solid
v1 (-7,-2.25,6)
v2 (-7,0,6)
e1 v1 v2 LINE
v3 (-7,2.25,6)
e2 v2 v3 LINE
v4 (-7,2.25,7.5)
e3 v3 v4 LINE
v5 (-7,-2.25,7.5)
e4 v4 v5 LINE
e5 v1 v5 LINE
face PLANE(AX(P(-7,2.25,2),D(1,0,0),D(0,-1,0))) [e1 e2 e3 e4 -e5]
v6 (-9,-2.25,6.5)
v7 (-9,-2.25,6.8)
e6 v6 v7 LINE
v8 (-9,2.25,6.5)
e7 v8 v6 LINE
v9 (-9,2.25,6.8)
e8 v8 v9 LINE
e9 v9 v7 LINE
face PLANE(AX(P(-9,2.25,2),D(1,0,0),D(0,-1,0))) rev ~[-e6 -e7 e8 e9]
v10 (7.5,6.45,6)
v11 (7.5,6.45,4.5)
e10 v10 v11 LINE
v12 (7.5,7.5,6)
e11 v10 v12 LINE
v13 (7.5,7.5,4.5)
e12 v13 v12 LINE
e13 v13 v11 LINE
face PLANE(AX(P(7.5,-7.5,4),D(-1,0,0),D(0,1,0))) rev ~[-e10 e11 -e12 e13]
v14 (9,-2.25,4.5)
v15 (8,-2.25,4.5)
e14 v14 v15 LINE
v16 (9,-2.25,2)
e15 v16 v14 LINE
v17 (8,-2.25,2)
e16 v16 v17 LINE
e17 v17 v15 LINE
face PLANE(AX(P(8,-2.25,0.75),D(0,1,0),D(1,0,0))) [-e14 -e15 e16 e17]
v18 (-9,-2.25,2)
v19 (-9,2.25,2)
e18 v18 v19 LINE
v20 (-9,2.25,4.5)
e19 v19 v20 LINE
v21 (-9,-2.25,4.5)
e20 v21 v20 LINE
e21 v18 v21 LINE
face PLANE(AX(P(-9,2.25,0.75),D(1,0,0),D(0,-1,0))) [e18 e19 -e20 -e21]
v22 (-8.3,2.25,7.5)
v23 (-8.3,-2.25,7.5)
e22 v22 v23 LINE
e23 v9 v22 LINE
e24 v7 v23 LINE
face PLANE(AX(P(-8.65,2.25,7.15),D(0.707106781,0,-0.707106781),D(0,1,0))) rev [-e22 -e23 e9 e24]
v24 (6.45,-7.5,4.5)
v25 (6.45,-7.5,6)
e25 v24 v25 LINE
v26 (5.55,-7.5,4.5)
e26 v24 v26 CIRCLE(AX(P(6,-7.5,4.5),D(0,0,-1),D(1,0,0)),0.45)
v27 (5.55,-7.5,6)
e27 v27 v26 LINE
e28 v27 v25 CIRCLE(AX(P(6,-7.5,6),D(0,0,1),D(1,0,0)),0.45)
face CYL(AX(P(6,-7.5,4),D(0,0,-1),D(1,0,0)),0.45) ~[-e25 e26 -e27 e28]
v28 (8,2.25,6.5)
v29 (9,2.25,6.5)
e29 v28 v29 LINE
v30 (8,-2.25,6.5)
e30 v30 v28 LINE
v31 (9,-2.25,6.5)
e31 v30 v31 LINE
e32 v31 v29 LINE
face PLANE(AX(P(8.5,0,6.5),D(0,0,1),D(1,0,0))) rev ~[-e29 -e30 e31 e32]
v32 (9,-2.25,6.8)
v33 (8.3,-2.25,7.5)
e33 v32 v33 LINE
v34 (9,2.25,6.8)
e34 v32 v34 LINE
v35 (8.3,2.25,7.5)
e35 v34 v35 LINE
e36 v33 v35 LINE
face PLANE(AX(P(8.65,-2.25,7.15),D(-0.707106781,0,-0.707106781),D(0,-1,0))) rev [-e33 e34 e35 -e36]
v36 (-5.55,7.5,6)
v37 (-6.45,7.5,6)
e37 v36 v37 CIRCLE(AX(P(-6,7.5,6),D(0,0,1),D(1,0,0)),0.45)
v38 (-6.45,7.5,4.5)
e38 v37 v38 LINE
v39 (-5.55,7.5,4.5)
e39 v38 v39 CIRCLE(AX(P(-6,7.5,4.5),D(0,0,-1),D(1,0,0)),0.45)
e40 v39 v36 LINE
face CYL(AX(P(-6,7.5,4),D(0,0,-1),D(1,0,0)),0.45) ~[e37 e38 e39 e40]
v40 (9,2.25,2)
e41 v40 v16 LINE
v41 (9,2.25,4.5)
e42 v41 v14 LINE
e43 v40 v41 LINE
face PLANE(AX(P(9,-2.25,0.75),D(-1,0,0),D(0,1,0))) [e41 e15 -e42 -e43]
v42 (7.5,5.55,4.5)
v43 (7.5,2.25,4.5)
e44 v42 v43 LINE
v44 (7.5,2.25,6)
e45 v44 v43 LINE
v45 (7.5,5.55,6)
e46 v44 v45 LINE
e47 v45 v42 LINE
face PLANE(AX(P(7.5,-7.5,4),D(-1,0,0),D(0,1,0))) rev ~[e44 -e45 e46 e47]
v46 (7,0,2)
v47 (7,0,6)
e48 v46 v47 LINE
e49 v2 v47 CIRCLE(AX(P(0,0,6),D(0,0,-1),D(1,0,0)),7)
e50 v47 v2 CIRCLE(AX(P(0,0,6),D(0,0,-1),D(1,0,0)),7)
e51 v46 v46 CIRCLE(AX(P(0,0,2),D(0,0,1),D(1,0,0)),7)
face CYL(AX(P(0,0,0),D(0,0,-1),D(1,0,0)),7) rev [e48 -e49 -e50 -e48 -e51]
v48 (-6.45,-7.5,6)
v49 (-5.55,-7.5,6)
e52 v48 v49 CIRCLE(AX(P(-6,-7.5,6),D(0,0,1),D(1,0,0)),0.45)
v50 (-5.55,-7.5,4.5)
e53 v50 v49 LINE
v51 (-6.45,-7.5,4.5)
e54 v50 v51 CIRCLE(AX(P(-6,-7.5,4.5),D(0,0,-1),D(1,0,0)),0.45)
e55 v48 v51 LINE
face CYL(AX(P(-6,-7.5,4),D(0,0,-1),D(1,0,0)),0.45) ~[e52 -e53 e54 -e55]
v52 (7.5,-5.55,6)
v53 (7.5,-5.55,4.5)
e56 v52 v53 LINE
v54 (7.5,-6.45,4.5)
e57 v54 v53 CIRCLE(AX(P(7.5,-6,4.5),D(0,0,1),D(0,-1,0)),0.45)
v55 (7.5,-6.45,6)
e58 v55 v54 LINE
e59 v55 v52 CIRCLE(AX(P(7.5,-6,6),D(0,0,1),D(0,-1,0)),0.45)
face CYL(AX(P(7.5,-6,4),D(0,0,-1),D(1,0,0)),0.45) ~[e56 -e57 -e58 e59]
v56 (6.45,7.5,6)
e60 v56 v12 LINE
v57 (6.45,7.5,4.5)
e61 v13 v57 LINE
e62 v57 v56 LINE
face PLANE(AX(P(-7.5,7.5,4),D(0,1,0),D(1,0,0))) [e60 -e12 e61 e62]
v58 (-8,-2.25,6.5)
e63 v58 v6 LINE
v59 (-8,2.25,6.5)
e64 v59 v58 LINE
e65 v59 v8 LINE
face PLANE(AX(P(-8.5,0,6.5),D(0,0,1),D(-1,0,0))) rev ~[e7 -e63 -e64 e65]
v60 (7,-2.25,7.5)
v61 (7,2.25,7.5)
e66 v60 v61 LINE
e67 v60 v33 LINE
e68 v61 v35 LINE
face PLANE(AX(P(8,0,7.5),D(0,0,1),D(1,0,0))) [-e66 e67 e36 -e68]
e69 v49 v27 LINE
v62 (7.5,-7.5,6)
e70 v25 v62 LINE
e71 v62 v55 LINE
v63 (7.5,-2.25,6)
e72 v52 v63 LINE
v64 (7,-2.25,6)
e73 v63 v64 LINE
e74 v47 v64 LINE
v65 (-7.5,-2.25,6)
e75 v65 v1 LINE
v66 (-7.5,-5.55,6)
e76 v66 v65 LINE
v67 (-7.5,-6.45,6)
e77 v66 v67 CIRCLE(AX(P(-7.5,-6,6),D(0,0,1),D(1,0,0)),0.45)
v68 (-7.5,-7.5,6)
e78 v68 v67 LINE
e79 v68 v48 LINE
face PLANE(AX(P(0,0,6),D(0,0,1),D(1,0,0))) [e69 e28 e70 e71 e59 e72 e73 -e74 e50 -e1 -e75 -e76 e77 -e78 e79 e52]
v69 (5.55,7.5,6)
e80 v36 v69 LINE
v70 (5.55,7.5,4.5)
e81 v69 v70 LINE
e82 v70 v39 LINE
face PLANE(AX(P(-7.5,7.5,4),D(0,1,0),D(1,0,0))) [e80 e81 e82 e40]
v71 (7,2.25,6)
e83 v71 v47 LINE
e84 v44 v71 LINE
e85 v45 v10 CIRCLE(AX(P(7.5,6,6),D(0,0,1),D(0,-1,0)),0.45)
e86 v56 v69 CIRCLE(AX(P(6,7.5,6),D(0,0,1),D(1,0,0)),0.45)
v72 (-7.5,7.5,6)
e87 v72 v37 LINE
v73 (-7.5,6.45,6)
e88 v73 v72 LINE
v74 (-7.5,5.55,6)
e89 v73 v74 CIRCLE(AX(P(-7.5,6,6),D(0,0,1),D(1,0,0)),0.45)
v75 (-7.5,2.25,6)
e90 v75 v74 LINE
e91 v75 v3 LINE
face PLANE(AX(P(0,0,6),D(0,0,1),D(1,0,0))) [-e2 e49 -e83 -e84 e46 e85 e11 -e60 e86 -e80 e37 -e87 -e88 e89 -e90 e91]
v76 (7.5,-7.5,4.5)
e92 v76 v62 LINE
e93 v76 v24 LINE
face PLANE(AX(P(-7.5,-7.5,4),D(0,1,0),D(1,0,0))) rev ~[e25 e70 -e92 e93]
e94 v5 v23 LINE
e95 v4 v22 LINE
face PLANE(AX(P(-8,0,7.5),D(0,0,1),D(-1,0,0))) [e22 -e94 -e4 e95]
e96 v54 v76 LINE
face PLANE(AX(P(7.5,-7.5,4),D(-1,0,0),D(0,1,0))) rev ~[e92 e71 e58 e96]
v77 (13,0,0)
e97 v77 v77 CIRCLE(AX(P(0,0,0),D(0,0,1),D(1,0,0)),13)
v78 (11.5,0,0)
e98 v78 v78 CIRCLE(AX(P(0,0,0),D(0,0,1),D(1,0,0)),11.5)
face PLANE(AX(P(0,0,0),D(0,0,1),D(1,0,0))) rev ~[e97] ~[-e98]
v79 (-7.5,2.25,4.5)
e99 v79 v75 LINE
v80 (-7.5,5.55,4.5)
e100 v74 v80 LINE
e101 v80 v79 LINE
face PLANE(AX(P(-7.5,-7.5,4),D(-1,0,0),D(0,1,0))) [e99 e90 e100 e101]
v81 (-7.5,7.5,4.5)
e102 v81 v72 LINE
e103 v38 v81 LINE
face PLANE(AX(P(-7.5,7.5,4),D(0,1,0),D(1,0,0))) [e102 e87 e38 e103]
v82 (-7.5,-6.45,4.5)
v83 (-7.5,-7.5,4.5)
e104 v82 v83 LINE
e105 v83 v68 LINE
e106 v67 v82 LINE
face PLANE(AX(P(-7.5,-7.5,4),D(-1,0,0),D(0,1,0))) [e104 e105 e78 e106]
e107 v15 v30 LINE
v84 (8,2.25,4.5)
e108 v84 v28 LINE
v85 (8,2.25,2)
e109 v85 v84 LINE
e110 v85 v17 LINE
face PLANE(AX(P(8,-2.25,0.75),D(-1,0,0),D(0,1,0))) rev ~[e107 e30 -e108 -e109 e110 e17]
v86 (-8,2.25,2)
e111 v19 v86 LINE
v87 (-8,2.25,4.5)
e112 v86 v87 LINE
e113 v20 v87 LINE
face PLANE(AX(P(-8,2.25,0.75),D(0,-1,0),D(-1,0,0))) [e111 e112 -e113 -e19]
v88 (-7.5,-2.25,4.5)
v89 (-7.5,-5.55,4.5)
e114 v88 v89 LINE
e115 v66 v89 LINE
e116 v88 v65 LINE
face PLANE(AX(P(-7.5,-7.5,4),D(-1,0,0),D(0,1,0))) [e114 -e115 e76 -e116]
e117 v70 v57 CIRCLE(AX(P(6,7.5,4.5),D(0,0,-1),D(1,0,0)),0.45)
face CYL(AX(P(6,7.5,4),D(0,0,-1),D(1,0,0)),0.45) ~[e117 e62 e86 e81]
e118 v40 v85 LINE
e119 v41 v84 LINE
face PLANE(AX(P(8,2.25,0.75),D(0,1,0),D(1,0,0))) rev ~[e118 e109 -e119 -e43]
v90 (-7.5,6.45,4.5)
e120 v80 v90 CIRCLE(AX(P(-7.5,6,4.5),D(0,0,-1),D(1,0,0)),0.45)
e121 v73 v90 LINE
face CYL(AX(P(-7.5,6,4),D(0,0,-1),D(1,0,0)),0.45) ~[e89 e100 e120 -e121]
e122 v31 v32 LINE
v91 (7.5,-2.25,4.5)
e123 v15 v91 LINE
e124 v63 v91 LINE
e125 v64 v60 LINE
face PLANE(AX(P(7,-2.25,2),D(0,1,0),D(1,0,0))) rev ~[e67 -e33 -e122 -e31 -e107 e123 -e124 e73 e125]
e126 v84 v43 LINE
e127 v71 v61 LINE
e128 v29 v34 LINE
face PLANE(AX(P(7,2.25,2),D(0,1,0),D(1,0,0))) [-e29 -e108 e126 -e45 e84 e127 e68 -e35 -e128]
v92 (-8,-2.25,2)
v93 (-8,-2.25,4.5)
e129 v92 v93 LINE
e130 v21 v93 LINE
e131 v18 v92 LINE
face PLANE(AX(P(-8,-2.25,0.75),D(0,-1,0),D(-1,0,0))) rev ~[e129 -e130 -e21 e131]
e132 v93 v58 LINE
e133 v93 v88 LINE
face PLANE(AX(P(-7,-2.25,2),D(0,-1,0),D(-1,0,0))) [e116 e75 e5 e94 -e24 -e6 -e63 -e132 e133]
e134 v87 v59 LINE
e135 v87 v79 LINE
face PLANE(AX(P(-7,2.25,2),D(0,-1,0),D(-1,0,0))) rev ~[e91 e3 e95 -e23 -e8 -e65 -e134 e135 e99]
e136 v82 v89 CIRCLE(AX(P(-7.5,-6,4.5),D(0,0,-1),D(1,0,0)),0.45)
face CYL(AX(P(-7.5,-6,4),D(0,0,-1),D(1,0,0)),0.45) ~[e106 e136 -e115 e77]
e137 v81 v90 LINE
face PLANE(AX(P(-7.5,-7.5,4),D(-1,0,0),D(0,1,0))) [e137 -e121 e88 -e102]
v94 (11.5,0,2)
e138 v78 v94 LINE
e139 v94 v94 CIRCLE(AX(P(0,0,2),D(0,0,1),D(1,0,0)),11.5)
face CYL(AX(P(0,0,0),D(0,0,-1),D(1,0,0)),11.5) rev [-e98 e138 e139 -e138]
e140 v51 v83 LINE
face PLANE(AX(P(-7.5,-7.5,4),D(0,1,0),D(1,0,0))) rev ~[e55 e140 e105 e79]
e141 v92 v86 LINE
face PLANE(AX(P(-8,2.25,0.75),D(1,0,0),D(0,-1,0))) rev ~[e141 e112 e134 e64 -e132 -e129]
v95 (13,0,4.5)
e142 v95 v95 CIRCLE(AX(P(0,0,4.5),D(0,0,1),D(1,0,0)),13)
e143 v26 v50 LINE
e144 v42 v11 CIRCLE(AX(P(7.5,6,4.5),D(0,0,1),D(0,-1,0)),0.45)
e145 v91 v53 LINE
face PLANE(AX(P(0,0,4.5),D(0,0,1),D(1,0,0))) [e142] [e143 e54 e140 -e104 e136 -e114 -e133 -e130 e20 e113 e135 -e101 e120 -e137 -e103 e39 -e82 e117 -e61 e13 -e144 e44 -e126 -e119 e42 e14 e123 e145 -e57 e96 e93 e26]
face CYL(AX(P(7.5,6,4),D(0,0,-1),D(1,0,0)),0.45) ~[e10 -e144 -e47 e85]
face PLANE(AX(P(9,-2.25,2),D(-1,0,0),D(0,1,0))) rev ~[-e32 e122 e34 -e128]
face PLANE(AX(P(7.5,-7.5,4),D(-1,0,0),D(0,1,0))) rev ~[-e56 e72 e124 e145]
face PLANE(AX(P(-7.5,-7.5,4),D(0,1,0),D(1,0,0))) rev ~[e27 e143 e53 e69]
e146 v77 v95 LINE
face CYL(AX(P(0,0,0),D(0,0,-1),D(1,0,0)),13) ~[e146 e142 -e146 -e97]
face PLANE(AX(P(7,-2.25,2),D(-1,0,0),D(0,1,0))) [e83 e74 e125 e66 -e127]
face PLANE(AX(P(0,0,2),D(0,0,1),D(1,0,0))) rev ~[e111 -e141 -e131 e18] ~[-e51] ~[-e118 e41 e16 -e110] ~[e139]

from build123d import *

# Parameters (mm, degrees)
BOX002_W          = 1
BOX002_H          = 4.5
BOX002_DEPTH      = 5.75
ARRAY001_COUNT    = 2
BOX001_W          = 2
BOX001_H          = 4.5
BOX001_DEPTH      = 5.5
ARRAY_COUNT       = 2
CYLINDER003_R     = 0.45
CYLINDER003_DEPTH = 2
CYLINDER004_R     = 0.45
CYLINDER004_DEPTH = 2
CYLINDER005_R     = 0.45
CYLINDER005_DEPTH = 2
CYLINDER006_R     = 0.45
CYLINDER006_DEPTH = 2
CYLINDER007_R     = 0.45
CYLINDER007_DEPTH = 2
CYLINDER008_R     = 0.45
CYLINDER008_DEPTH = 2
CYLINDER009_R     = 0.45
CYLINDER009_DEPTH = 2
CYLINDER010_R     = 0.45
CYLINDER010_DEPTH = 2
CYLINDER002_R     = 7
CYLINDER002_DEPTH = 10
CYLINDER001_R     = 11.5
CYLINDER001_DEPTH = 2
BOX_W             = 15
BOX_H             = 15
BOX_DEPTH         = 2
CYLINDER_R        = 13
CYLINDER_DEPTH    = 4.5
CHAMFER_SIZE      = 0.7


with BuildPart() as array001:
    # Box002 → Box002 (new body)
    with BuildSketch(Plane(origin=(8, -2.25, 0.75), x_dir=(1, 0, 0), z_dir=(0, 0, 1))):
        with Locations((0.5, 2.25)):
            Rectangle(BOX002_W, BOX002_H)
    extrude(amount=BOX002_DEPTH)

    # Array001: Array001 ×2 about axis
    array001_axis = Axis((0, 0, 0), (0, 0, 1))


with BuildPart() as array001_1:
    add(array001.part)
    for i in range(1, ARRAY001_COUNT):
        add(array001.part.rotate(array001_axis, i * 360 / ARRAY001_COUNT))


with BuildPart() as array:
    # Box001 → Box001 (new body)
    with BuildSketch(Plane(origin=(7, -2.25, 2), x_dir=(1, 0, 0), z_dir=(0, 0, 1))):
        with Locations((1, 2.25)):
            Rectangle(BOX001_W, BOX001_H)
    extrude(amount=BOX001_DEPTH)

    # Array: Array ×2 about axis
    array_axis = Axis((0, 0, 0), (0, 0, 1))


with BuildPart() as array_1:
    add(array.part)
    for i in range(1, ARRAY_COUNT):
        add(array.part.rotate(array_axis, i * 360 / ARRAY_COUNT))


with BuildPart() as cilindro003:
    # Cylinder003 → Cylinder003 (new body)
    with BuildSketch(Plane(origin=(6, 7.5, 4), x_dir=(1, 0, 0), z_dir=(0, 0, 1))):
        Circle(CYLINDER003_R)
    extrude(amount=CYLINDER003_DEPTH)


with BuildPart() as cilindro004:
    # Cylinder004 → Cylinder004 (new body)
    with BuildSketch(Plane(origin=(-6, 7.5, 4), x_dir=(1, 0, 0), z_dir=(0, 0, 1))):
        Circle(CYLINDER004_R)
    extrude(amount=CYLINDER004_DEPTH)


with BuildPart() as cilindro005:
    # Cylinder005 → Cylinder005 (new body)
    with BuildSketch(Plane(origin=(6, -7.5, 4), x_dir=(1, 0, 0), z_dir=(0, 0, 1))):
        Circle(CYLINDER005_R)
    extrude(amount=CYLINDER005_DEPTH)


with BuildPart() as cilindro006:
    # Cylinder006 → Cylinder006 (new body)
    with BuildSketch(Plane(origin=(-6, -7.5, 4), x_dir=(1, 0, 0), z_dir=(0, 0, 1))):
        Circle(CYLINDER006_R)
    extrude(amount=CYLINDER006_DEPTH)


with BuildPart() as cilindro007:
    # Cylinder007 → Cylinder007 (new body)
    with BuildSketch(Plane(origin=(7.5, 6, 4), x_dir=(1, 0, 0), z_dir=(0, 0, 1))):
        Circle(CYLINDER007_R)
    extrude(amount=CYLINDER007_DEPTH)


with BuildPart() as cilindro008:
    # Cylinder008 → Cylinder008 (new body)
    with BuildSketch(Plane(origin=(-7.5, 6, 4), x_dir=(1, 0, 0), z_dir=(0, 0, 1))):
        Circle(CYLINDER008_R)
    extrude(amount=CYLINDER008_DEPTH)


with BuildPart() as cilindro009:
    # Cylinder009 → Cylinder009 (new body)
    with BuildSketch(Plane(origin=(7.5, -6, 4), x_dir=(1, 0, 0), z_dir=(0, 0, 1))):
        Circle(CYLINDER009_R)
    extrude(amount=CYLINDER009_DEPTH)


with BuildPart() as cilindro010:
    # Cylinder010 → Cylinder010 (new body)
    with BuildSketch(Plane(origin=(-7.5, -6, 4), x_dir=(1, 0, 0), z_dir=(0, 0, 1))):
        Circle(CYLINDER010_R)
    extrude(amount=CYLINDER010_DEPTH)


with BuildPart() as cilindro002:
    # Cylinder002 → Cylinder002 (new body)
    with BuildSketch(Plane.XY):
        Circle(CYLINDER002_R)
    extrude(amount=CYLINDER002_DEPTH)


with BuildPart() as cilindro001:
    # Cylinder001 → Cylinder001 (new body)
    with BuildSketch(Plane.XY):
        Circle(CYLINDER001_R)
    extrude(amount=CYLINDER001_DEPTH)


with BuildPart() as cubo:
    # Box → Box (new body)
    with BuildSketch(Plane(origin=(-7.5, -7.5, 4), x_dir=(1, 0, 0), z_dir=(0, 0, 1))):
        with Locations((7.5, 7.5)):
            Rectangle(BOX_W, BOX_H)
    extrude(amount=BOX_DEPTH)


with BuildPart() as chamfer_body:
    # Cylinder → Cylinder (new body)
    with BuildSketch(Plane.XY):
        Circle(CYLINDER_R)
    extrude(amount=CYLINDER_DEPTH)

    # Fusion: union Cubo
    add(cubo.part)

    # Cut: cut Cilindro001
    add(cilindro001.part, mode=Mode.SUBTRACT)

    # Cut001: cut Cilindro002
    add(cilindro002.part, mode=Mode.SUBTRACT)

    # Fusion001: union Cilindro003, Cilindro004, Cilindro005, Cilindro006, Cilindro007, Cilindro008, Cilindro009, Cilindro010
    add(cilindro003.part)
    add(cilindro004.part)
    add(cilindro005.part)
    add(cilindro006.part)
    add(cilindro007.part)
    add(cilindro008.part)
    add(cilindro009.part)
    add(cilindro010.part)

    # Fusion002: union Array
    add(array_1.part)

    # Cut002: cut Array001
    add(array001_1.part, mode=Mode.SUBTRACT)

    # Chamfer
    chamfer_edges = [chamfer_body.edges().sort_by_distance(p)[0] for p in [
        (9, 0, 7.5),
        (-9, 0, 7.5),
    ]]
    chamfer(chamfer_edges, length=CHAMFER_SIZE)


solid = chamfer_body.part
